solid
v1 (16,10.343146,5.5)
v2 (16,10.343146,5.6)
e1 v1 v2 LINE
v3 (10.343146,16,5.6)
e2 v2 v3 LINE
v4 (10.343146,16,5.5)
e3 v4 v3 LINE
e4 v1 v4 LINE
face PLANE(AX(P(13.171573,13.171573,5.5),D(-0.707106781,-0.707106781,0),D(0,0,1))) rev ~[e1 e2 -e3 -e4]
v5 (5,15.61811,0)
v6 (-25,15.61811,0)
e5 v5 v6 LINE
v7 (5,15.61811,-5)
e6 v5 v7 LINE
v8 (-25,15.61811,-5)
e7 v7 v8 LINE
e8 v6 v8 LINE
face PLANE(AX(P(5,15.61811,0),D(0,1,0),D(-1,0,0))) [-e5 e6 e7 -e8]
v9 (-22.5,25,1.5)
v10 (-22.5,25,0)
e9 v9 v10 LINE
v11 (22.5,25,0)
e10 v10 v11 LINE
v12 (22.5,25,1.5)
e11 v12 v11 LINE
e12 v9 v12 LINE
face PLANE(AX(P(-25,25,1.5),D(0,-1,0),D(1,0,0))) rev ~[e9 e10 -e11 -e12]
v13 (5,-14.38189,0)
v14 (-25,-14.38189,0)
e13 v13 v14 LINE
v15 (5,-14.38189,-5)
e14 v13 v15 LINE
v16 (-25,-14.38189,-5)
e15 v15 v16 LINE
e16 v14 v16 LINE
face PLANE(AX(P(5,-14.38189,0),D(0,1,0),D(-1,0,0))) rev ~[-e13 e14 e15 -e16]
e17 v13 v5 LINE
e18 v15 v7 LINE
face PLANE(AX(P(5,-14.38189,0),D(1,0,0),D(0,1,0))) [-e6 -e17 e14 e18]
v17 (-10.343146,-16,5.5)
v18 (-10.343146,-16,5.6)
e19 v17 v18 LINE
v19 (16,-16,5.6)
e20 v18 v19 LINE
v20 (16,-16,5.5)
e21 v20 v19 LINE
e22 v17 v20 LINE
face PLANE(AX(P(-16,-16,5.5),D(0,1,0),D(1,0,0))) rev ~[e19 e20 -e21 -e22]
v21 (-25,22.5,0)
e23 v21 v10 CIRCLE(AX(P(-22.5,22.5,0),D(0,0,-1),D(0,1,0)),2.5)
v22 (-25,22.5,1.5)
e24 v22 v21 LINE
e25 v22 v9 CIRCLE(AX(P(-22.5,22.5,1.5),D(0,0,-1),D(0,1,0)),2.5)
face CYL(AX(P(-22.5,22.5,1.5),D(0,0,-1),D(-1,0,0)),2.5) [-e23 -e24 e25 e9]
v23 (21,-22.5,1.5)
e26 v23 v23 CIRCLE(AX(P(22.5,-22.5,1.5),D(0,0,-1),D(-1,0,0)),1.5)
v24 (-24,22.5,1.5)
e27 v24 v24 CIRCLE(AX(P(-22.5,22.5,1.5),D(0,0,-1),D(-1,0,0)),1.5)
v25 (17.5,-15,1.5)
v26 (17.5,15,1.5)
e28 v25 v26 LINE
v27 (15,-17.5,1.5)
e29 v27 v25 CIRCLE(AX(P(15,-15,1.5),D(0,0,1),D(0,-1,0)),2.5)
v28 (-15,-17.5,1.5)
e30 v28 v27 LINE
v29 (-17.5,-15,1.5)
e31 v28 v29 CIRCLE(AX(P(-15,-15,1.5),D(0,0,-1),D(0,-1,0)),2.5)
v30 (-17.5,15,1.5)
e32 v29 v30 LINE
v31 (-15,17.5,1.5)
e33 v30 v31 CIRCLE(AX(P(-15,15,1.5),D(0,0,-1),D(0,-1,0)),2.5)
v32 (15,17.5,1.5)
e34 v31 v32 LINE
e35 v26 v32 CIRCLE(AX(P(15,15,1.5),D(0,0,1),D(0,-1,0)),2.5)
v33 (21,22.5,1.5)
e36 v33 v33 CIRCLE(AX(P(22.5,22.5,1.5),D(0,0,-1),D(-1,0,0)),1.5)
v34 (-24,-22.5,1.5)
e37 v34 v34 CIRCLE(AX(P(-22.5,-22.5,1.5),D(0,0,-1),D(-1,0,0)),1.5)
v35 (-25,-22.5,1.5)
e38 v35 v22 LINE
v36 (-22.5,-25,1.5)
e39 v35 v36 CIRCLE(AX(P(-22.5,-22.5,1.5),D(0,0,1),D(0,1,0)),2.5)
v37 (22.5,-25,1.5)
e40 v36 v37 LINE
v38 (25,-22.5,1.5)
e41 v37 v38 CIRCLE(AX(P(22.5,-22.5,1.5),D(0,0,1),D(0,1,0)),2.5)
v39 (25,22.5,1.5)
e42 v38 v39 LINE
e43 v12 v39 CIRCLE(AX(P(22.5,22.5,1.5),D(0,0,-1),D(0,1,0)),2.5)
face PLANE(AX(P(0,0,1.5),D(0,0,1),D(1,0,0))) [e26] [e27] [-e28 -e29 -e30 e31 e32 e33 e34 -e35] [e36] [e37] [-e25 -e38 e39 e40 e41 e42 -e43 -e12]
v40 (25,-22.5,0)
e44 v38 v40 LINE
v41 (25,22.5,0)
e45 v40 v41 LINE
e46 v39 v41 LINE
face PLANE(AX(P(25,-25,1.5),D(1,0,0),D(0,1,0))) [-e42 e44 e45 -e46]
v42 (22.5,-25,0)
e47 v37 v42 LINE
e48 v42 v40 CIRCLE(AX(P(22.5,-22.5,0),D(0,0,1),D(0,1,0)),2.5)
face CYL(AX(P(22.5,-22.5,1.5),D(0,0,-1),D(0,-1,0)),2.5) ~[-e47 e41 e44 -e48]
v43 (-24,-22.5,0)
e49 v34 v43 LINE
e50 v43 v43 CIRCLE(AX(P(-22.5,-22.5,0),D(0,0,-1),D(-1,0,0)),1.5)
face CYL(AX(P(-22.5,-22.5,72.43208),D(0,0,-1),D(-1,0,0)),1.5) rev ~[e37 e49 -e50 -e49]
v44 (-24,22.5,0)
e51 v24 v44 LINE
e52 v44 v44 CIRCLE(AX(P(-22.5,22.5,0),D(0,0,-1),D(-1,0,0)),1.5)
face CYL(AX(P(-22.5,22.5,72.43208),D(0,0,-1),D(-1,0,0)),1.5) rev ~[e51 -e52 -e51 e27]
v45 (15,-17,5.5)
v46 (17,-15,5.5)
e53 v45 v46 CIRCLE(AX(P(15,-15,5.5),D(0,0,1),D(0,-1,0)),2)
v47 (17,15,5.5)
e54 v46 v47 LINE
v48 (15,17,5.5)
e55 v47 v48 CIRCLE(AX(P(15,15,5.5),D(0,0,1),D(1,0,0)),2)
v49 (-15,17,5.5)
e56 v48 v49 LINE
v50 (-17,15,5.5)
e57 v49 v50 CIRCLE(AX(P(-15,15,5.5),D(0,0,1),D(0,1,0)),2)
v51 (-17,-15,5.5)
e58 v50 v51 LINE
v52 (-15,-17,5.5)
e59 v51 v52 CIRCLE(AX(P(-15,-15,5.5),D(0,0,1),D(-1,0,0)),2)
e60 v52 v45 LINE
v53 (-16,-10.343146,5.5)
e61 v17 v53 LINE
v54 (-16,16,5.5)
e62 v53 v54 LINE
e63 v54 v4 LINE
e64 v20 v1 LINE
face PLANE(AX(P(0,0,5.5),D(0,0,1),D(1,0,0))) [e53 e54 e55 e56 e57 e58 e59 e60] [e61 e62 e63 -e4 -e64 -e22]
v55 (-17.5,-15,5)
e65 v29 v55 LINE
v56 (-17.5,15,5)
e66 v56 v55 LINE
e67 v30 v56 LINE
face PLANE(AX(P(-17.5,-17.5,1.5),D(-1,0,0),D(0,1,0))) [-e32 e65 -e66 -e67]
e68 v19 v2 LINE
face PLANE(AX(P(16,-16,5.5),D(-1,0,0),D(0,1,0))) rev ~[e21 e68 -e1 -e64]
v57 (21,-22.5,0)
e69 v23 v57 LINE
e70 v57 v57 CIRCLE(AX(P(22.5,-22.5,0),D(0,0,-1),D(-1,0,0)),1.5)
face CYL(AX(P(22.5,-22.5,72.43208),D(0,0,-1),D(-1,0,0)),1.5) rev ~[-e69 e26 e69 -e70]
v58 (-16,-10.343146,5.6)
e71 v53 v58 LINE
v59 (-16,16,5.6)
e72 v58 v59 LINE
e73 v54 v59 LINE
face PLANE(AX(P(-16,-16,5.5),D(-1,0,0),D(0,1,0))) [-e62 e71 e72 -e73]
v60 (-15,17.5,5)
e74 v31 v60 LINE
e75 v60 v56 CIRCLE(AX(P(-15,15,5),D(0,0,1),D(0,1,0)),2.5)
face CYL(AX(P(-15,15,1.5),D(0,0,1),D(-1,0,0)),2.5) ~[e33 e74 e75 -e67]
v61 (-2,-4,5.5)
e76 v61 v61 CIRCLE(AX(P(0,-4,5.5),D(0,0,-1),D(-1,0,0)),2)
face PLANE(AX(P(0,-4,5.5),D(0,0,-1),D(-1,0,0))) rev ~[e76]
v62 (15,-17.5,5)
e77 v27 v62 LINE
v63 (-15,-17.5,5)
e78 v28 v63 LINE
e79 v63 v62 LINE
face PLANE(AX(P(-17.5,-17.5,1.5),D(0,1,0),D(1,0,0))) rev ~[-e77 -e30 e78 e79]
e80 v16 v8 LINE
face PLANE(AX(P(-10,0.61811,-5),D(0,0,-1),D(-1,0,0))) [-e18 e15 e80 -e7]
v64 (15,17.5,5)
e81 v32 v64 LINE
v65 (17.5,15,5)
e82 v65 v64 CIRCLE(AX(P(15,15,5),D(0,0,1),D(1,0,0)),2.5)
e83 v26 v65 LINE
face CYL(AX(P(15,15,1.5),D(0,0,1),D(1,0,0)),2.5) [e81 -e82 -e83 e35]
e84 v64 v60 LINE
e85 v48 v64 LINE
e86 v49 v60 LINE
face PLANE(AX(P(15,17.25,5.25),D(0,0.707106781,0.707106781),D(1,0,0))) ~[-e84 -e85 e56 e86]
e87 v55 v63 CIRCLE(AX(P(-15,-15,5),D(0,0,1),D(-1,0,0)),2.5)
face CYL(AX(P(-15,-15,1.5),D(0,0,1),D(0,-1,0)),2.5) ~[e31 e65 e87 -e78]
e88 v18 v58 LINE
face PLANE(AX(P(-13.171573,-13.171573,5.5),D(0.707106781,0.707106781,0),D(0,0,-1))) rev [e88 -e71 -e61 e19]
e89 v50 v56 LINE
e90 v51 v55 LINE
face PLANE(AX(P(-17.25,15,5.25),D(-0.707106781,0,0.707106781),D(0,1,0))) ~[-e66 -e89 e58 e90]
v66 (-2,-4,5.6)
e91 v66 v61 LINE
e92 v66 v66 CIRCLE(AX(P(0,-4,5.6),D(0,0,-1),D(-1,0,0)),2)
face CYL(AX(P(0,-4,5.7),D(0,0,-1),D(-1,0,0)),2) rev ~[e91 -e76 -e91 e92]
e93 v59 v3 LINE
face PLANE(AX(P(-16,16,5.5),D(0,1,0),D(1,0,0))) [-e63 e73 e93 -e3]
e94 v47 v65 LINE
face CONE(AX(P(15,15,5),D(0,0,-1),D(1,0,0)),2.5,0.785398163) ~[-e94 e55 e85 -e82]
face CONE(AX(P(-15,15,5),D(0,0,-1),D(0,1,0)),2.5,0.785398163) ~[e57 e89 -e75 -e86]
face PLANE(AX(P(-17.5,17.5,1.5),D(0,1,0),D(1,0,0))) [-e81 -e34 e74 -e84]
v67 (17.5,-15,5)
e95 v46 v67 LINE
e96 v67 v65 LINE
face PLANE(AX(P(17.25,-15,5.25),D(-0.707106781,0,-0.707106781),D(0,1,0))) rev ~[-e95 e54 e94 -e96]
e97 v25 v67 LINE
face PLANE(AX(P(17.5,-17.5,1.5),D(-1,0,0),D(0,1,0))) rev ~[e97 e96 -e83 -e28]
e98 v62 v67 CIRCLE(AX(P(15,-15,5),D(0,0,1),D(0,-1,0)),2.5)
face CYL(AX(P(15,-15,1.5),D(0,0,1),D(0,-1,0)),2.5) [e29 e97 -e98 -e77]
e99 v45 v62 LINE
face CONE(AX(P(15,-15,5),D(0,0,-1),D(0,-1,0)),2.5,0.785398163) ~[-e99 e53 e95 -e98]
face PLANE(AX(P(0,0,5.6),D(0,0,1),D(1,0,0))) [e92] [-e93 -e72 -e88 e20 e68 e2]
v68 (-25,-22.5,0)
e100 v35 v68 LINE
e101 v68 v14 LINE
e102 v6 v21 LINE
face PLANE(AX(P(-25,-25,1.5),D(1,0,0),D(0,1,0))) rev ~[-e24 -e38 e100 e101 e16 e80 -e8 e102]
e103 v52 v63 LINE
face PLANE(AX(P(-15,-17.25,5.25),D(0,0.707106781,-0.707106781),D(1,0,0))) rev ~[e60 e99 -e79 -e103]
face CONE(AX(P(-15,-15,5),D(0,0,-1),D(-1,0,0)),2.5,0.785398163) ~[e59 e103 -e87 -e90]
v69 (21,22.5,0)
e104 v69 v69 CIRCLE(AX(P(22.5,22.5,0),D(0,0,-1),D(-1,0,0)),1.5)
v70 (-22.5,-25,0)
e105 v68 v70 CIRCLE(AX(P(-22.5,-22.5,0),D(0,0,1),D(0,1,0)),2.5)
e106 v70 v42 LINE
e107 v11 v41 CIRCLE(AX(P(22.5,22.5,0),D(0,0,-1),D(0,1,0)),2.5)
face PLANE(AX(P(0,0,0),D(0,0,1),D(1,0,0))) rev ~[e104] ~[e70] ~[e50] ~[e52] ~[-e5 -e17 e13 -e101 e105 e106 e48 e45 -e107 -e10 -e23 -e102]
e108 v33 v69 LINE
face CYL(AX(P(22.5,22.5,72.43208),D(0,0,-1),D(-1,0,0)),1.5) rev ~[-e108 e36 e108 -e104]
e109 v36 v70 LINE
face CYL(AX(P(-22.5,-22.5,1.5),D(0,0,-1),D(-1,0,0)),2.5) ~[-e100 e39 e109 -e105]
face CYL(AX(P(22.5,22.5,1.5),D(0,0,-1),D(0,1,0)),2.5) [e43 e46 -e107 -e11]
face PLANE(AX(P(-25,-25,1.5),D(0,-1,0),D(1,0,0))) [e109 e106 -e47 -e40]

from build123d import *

# Parameters (mm, degrees)
SKETCH1_W                    = 50
SKETCH1_H                    = 50
BOSS_EXTRUDE1_DEPTH          = 1.5
SKETCH2_W                    = 35
SKETCH2_H                    = 35
BOSS_EXTRUDE2_DEPTH          = 4
SKETCH3_W                    = 32
SKETCH3_H                    = 32
BOSS_EXTRUDE3_DEPTH          = 0.1
F_3_0_3_DIAMETER_HOLE1_D     = 3
F_4_0_4_DIAMETER_HOLE1_D     = 4
F_4_0_4_DIAMETER_HOLE1_DEPTH = 0.1
FILLET1_R                    = 2.5
CHAMFER1_SIZE                = 5.656854249
CHAMFER2_SIZE                = 0.5
SKETCH8_W                    = 30
SKETCH8_H                    = 30
BOSS_EXTRUDE4_DEPTH          = 5


with BuildPart() as part:
    # Sketch1 → Boss-Extrude1 (new body)
    with BuildSketch(Plane.XY.offset(1.5)):
        Rectangle(SKETCH1_W, SKETCH1_H)
    extrude(amount=-BOSS_EXTRUDE1_DEPTH)

    # Sketch2 → Boss-Extrude2 (add)
    with BuildSketch(Plane.XY.offset(1.5)):
        Rectangle(SKETCH2_W, SKETCH2_H)
    extrude(amount=BOSS_EXTRUDE2_DEPTH)

    # Sketch3 → Boss-Extrude3 (add)
    with BuildSketch(Plane.XY.offset(5.5)):
        Rectangle(SKETCH3_W, SKETCH3_H)
    extrude(amount=BOSS_EXTRUDE3_DEPTH)

    # Ø3.0 (3) Diameter Hole1 (through all)
    with Locations(Plane.XY.offset(1.5)):
        with Locations((22.5, -22.5), (-22.5, 22.5), (22.5, 22.5), (-22.5, -22.5)):
            Hole(F_3_0_3_DIAMETER_HOLE1_D / 2)

    # Ø4.0 (4) Diameter Hole1
    with Locations(Plane.XY.offset(5.6)):
        with Locations((0, -4)):
            Hole(F_4_0_4_DIAMETER_HOLE1_D / 2, depth=F_4_0_4_DIAMETER_HOLE1_DEPTH)

    # Fillet1
    fillet1_edges = [part.edges().sort_by_distance(p)[0] for p in [
        (-17.5, 17.5, 3.5),
        (-17.5, -17.5, 3.5),
        (17.5, -17.5, 3.5),
        (17.5, 17.5, 3.5),
        (25, -25, 0.75),
        (-25, -25, 0.75),
        (-25, 25, 0.75),
        (25, 25, 0.75),
    ]]
    fillet(fillet1_edges, radius=FILLET1_R)

    # Chamfer1
    chamfer1_edges = [part.edges().sort_by_distance(p)[0] for p in [
        (16, 16, 5.55),
        (-16, -16, 5.55),
    ]]
    chamfer(chamfer1_edges, length=CHAMFER1_SIZE)

    # Chamfer2
    chamfer2_edges = [part.edges().sort_by_distance(p)[0] for p in [
        (17.5, 0, 5.5),
        (0, -17.5, 5.5),
        (-17.5, 0, 5.5),
        (0, 17.5, 5.5),
        (-16.767766953, 16.767766953, 5.5),
        (-16.767766953, -16.767766953, 5.5),
        (16.767766953, 16.767766953, 5.5),
        (16.767766953, -16.767766953, 5.5),
    ]]
    chamfer(chamfer2_edges, length=CHAMFER2_SIZE)

    # Sketch8 → Boss-Extrude4 (add)
    with BuildSketch(Plane(origin=(0, 0, 0), x_dir=(-1, 0, 0), z_dir=(0, 0, -1))):
        with Locations((10, 0.618109873)):
            Rectangle(SKETCH8_W, SKETCH8_H)
    extrude(amount=BOSS_EXTRUDE4_DEPTH)


solid = part.part
